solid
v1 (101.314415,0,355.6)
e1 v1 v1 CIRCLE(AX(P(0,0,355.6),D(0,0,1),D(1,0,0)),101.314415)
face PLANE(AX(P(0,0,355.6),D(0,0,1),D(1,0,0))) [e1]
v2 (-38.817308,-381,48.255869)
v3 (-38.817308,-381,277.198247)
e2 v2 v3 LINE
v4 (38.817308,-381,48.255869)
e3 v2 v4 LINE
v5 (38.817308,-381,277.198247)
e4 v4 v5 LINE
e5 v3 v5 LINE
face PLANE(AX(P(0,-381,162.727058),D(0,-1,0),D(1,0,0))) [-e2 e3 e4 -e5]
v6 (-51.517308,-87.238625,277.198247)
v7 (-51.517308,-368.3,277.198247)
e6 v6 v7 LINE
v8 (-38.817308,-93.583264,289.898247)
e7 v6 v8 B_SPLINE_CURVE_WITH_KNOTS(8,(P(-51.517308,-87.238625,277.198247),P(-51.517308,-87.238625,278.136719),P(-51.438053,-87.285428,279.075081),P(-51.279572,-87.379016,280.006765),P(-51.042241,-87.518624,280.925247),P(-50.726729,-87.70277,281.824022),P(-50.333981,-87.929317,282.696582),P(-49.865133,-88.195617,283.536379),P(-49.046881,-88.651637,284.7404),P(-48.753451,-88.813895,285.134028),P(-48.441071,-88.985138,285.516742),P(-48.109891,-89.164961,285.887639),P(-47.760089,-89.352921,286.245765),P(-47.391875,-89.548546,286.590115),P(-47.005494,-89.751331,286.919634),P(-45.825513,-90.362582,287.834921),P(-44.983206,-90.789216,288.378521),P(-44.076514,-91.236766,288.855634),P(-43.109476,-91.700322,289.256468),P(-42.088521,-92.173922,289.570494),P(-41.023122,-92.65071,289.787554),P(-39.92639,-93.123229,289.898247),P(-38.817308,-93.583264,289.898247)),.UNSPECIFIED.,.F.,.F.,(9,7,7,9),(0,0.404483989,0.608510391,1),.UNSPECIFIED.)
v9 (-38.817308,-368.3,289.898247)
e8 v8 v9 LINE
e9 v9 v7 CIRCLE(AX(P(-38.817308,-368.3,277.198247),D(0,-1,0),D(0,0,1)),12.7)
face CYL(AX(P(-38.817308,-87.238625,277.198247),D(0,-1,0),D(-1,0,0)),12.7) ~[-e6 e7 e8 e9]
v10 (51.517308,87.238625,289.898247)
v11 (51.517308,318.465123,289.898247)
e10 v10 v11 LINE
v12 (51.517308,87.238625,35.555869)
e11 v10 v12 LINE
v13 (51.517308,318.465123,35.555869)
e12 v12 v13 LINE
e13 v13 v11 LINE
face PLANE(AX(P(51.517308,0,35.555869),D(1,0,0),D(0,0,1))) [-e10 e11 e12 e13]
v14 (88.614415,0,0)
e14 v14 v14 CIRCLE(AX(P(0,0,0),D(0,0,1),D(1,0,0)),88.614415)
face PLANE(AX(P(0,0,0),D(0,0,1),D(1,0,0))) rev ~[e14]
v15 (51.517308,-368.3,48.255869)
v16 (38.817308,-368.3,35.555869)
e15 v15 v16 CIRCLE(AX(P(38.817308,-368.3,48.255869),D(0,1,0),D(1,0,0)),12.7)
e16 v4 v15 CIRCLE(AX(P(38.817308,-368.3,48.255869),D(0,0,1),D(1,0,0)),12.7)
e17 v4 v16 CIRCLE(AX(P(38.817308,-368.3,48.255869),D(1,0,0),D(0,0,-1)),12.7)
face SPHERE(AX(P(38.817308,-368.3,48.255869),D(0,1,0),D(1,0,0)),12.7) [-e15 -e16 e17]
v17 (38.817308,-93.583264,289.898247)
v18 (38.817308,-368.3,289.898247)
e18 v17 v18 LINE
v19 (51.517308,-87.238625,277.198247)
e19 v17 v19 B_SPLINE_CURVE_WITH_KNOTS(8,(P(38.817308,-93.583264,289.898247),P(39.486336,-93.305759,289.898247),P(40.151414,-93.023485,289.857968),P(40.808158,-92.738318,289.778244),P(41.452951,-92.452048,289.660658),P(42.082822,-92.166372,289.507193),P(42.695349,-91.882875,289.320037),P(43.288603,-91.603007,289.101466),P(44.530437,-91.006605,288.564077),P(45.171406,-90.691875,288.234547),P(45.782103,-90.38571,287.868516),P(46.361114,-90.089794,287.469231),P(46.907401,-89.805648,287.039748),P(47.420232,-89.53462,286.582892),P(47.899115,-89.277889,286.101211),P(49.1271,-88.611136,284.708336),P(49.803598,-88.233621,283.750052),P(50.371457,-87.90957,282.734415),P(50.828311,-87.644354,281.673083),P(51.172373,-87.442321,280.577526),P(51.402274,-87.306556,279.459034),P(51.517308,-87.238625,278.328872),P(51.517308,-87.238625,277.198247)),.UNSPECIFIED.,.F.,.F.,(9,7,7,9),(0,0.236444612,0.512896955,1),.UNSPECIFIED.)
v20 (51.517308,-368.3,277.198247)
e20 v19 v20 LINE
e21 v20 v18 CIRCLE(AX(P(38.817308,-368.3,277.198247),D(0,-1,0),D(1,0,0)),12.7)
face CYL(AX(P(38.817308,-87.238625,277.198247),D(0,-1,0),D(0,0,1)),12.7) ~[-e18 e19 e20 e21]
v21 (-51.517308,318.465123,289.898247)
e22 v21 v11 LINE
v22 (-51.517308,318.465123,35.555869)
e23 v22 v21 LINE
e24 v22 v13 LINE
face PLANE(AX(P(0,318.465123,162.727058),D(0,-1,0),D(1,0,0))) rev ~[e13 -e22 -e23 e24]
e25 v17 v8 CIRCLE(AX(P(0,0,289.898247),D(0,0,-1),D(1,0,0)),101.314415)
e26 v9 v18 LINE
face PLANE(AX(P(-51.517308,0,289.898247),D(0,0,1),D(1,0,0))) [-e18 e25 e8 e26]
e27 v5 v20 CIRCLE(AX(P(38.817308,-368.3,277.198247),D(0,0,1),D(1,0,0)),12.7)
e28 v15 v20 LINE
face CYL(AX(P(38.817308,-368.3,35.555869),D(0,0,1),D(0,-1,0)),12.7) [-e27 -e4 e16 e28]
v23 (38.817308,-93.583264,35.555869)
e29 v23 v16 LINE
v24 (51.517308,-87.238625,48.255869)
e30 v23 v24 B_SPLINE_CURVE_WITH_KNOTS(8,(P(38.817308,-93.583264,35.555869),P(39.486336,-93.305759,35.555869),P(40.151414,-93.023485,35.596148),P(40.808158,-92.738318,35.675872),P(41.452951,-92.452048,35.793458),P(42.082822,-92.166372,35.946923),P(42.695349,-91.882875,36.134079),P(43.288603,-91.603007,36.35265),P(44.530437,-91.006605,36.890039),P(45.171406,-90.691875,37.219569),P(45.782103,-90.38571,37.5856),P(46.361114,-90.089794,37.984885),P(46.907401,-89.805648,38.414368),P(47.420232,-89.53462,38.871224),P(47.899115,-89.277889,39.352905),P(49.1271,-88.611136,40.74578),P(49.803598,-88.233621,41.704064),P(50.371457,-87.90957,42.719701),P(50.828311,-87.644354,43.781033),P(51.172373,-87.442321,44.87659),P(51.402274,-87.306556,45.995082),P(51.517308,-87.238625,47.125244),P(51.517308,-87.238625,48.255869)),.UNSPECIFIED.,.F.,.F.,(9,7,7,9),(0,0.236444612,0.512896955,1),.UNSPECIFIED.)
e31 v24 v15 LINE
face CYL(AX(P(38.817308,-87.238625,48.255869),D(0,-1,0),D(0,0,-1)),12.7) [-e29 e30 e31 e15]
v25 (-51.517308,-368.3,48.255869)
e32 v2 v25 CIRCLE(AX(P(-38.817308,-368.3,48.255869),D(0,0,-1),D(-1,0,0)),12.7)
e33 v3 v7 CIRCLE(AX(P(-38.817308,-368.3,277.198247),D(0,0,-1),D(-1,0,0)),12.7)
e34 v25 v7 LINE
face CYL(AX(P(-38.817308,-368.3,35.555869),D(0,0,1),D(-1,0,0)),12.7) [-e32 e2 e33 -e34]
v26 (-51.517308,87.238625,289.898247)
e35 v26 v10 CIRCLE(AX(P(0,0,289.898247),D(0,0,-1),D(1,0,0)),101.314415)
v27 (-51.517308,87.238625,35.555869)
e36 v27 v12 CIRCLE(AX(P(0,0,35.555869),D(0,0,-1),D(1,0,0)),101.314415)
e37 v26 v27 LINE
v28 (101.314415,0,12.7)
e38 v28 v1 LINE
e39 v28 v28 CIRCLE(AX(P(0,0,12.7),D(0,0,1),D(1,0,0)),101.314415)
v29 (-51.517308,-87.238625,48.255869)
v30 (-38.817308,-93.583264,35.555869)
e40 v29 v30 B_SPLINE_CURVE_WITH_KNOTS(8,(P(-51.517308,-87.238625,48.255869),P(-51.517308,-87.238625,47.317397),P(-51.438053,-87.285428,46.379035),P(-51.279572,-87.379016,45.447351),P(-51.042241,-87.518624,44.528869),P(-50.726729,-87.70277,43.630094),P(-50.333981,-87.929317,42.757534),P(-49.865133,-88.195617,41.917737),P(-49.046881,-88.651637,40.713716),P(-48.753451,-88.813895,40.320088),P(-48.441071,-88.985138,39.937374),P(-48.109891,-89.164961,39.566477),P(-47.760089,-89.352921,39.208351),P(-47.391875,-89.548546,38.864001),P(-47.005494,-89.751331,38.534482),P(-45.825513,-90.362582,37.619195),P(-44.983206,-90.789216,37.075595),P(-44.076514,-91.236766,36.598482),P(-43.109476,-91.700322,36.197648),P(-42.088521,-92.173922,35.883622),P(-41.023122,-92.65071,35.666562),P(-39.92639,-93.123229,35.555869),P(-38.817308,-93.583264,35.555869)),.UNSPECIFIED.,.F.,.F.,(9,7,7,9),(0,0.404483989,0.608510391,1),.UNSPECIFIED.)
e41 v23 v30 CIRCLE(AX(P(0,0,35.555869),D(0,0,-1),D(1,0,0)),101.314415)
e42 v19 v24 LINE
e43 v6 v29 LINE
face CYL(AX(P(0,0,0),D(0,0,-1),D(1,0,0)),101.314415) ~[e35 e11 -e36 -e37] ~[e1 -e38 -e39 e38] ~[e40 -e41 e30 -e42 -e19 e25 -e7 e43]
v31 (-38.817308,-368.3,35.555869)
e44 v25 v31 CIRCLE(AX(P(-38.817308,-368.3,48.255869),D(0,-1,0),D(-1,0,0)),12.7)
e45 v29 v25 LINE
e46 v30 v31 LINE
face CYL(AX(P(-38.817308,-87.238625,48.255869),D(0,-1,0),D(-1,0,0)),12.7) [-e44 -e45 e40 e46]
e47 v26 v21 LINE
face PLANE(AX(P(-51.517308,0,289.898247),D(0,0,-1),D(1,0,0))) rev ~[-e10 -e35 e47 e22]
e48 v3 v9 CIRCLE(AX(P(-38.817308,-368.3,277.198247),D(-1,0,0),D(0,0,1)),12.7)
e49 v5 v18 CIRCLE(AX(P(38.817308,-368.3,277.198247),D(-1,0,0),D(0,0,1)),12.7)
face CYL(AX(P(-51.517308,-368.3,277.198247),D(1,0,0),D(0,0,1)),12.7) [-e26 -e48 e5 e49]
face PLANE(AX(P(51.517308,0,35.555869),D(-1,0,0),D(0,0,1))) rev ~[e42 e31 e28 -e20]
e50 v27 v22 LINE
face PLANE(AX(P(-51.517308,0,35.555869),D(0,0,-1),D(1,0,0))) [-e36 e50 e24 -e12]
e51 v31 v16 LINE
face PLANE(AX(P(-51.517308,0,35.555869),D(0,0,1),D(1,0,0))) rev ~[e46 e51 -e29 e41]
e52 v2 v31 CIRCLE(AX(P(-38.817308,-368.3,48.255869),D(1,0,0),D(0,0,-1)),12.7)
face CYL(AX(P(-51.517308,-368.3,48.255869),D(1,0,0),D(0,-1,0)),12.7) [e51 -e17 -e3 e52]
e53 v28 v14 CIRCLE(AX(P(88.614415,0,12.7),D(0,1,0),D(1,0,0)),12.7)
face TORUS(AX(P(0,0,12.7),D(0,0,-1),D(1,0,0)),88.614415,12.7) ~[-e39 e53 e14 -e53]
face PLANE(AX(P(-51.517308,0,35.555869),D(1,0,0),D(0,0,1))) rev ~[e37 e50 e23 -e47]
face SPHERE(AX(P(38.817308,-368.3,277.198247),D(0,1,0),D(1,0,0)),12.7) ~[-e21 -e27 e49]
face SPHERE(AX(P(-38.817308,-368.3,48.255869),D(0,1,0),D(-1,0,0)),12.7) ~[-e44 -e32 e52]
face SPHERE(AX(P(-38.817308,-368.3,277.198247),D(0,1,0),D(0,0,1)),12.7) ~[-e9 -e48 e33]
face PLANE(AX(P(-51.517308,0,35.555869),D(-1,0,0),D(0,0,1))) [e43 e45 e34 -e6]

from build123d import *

# Parameters (mm, degrees)
F0_R     = 101.314415
F1_DEPTH = 355.6
F2_W     = 103.034616
F2_H     = 254.342378
F3_DEPTH = 318.465123
F4_DEPTH = 381
F5_R     = 12.7


with BuildPart() as f1:
    # F0 (on Top) → F1 (new body)
    with BuildSketch(Plane.XY):
        Circle(F0_R)
    extrude(amount=F1_DEPTH)

    # F2 (on Front) → F3 (join)
    with BuildSketch(Plane.XZ):
        with Locations((0, 162.727058)):
            Rectangle(F2_W, F2_H)
    extrude(amount=-F3_DEPTH)

    # F2 (on Front) → F4 (join)
    with BuildSketch(Plane.XZ):
        with Locations((0, 162.727058)):
            Rectangle(F2_W, F2_H)
    extrude(amount=F4_DEPTH)

    # F5
    f5_edges = [f1.edges().sort_by_distance(p)[0] for p in [
        (-101.314415, 0, 0),
        (51.517308, -234.119313, 35.555869),
        (51.517308, -234.119313, 289.898247),
        (51.517308, -381, 162.727058),
        (-51.517308, -234.119313, 35.555869),
        (-51.517308, -234.119313, 289.898247),
        (0, -381, 289.898247),
        (-51.517308, -381, 162.727058),
        (0, -381, 35.555869),
    ]]
    fillet(f5_edges, radius=F5_R)


solid = f1.part
